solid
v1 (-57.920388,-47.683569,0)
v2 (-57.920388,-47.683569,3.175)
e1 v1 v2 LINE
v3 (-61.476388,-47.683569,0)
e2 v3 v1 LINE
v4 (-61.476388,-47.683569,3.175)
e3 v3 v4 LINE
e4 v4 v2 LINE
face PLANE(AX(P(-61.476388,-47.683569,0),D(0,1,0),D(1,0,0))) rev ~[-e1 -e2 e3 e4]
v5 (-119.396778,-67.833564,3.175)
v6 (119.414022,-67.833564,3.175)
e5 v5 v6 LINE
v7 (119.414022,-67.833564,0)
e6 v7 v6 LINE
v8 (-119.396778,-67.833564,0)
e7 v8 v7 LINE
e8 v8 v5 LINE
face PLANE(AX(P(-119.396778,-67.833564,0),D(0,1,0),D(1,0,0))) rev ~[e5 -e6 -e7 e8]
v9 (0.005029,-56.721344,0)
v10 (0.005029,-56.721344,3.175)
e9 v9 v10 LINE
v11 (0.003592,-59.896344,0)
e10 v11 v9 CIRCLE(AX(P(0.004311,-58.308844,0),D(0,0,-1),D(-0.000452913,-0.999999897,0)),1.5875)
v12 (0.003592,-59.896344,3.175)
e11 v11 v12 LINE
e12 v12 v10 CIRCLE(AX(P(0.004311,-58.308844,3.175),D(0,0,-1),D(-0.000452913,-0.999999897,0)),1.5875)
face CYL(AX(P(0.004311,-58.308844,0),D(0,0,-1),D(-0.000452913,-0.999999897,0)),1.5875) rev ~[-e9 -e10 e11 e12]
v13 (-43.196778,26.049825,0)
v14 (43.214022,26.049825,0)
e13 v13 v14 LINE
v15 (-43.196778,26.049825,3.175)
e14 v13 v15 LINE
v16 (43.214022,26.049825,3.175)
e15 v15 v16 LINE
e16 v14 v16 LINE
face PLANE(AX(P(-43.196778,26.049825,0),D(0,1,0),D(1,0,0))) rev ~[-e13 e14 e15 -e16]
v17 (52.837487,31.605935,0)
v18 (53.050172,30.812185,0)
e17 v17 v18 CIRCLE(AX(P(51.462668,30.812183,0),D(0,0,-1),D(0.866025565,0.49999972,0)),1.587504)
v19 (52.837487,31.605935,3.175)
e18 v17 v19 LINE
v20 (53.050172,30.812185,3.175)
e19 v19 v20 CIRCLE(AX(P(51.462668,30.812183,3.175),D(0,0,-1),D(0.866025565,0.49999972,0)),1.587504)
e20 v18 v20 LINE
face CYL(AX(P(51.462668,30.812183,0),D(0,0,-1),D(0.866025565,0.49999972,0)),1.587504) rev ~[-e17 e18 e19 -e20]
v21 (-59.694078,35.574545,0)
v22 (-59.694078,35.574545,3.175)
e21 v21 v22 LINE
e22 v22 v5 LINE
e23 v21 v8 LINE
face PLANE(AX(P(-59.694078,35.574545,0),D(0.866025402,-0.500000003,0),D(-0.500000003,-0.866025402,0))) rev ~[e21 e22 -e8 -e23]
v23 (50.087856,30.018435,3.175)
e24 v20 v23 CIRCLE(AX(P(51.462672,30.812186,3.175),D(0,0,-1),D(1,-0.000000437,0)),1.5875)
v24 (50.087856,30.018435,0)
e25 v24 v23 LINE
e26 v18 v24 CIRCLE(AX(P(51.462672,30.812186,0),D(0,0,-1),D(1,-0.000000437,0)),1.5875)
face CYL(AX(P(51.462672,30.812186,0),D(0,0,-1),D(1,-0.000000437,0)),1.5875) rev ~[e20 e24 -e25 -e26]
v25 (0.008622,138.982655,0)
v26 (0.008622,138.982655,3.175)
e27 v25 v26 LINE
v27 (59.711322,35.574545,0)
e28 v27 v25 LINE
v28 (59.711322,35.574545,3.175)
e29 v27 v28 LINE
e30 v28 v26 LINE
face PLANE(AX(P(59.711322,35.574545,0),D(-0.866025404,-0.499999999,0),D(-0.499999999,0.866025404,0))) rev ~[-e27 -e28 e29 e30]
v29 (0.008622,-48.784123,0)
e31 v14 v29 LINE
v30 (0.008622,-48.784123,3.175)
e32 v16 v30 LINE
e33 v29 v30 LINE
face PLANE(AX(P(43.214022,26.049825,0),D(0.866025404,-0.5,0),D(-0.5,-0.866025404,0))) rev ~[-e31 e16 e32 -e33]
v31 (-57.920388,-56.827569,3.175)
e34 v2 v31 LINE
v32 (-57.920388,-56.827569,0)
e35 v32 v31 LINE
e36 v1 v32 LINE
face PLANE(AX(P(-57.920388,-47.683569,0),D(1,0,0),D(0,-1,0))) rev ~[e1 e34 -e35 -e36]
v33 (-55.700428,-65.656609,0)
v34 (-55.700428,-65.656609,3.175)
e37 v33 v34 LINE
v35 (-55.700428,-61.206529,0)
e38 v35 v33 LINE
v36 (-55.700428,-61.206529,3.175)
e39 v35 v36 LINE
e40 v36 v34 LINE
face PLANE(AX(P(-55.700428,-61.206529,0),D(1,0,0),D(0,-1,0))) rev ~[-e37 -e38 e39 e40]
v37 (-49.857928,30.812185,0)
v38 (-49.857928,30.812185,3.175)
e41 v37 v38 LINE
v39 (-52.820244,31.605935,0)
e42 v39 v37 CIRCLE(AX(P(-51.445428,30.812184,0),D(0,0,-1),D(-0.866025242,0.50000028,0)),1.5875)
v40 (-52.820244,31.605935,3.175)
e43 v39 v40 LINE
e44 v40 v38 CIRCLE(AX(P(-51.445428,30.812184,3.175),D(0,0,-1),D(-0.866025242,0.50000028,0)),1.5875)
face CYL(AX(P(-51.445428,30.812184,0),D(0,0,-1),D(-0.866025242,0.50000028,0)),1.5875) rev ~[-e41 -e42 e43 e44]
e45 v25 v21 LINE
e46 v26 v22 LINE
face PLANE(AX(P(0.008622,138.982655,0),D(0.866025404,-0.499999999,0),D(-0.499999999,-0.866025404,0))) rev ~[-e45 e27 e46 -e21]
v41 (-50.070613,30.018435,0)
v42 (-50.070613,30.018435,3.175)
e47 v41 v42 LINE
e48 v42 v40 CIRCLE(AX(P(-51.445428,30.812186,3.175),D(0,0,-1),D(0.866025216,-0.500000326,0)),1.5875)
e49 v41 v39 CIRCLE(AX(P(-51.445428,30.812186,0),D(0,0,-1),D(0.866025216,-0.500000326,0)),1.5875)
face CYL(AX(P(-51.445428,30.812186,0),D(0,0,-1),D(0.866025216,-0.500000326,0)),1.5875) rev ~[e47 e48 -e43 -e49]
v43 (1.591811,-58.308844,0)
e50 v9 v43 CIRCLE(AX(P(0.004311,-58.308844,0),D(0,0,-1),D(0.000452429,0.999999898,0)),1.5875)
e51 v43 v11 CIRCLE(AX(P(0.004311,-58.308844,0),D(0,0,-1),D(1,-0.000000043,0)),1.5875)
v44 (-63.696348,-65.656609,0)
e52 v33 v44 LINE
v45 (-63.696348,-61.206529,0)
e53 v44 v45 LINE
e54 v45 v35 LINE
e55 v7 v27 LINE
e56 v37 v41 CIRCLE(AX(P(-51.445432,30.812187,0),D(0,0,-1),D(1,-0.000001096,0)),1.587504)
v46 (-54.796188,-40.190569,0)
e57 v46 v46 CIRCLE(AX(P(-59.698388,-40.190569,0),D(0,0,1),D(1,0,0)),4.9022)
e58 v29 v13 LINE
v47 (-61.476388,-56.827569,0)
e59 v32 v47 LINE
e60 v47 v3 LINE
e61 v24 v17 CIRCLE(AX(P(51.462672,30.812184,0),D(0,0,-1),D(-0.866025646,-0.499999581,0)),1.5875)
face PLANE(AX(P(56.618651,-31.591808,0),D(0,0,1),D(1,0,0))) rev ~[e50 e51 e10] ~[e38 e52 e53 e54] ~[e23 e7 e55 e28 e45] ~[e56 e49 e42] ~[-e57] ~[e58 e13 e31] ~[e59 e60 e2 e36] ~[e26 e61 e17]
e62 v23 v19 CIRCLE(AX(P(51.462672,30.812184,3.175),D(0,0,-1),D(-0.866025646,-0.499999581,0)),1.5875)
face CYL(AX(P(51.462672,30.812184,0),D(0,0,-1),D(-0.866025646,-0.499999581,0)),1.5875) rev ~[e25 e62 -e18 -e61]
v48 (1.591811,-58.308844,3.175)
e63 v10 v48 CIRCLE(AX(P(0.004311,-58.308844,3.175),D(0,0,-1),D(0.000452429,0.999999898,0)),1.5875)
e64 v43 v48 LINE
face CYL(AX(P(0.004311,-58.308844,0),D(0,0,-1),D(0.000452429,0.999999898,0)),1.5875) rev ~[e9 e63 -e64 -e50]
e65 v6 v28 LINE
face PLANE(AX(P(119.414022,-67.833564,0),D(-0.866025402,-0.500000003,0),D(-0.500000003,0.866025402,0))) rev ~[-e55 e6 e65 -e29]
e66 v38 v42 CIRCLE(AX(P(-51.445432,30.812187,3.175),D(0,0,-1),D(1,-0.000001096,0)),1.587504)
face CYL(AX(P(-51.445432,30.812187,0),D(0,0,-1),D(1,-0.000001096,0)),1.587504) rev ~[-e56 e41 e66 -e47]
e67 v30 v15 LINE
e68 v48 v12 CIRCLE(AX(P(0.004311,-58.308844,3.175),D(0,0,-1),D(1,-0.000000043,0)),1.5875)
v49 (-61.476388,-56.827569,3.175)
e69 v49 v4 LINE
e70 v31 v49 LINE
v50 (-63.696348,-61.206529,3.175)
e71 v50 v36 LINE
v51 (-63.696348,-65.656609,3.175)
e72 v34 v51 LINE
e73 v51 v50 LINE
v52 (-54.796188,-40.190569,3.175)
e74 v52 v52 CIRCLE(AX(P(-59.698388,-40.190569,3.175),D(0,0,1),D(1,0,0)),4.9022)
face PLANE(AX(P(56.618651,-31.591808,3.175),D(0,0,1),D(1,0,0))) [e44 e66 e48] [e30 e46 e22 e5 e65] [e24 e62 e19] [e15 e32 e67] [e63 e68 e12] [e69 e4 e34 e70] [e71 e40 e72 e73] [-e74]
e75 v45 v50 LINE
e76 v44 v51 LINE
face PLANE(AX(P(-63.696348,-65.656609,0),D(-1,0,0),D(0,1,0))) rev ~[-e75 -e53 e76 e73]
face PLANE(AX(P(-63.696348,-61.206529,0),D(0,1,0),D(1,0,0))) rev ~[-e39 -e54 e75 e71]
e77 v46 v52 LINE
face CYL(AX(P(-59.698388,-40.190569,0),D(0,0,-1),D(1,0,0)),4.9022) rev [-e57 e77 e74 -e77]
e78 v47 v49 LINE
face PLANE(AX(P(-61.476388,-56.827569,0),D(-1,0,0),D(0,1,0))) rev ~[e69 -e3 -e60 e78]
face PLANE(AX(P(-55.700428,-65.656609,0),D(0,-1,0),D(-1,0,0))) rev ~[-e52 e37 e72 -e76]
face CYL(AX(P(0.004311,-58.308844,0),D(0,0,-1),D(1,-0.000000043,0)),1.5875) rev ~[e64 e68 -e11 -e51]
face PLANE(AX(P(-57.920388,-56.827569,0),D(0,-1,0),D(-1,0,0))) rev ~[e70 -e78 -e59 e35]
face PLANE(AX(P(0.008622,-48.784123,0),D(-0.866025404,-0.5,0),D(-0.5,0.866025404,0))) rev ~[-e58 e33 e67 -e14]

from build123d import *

# Parameters (mm, degrees)
F0_R     = 4.9022
F1_DEPTH = 3.175


with BuildPart() as f1:
    # F0 (on Top) → F1 (new body)
    with BuildSketch(Plane.XY):
        with BuildLine():
            Line((43.214022, 26.049825), (0.008622, -48.784123))
            Line((0.008622, -48.784123), (0.005029, -56.721344))
            ThreePointArc((0.005029, -56.721344), (1.127097, -57.186566), (1.591811, -58.308844))
            ThreePointArc((1.591811, -58.308844), (1.126589, -59.43163), (0.003592, -59.896344))
            Line((0.003592, -59.896344), (0, -67.833564))
            Line((0, -67.833564), (119.414022, -67.833564))
            Line((119.414022, -67.833564), (59.711322, 35.574545))
            Line((59.711322, 35.574545), (52.837487, 31.605935))
            ThreePointArc((52.837487, 31.605935), (52.996079, 31.22306), (53.050172, 30.812185))
            ThreePointArc((53.050172, 30.812185), (51.873547, 29.278778), (50.087856, 30.018435))
            Line((50.087856, 30.018435), (43.214022, 26.049825))
        make_face()
        with BuildLine():
            Line((-50.070613, 30.018435), (-43.196778, 26.049825))
            Line((-43.196778, 26.049825), (43.214022, 26.049825))
            Line((43.214022, 26.049825), (50.087856, 30.018435))
            ThreePointArc((50.087856, 30.018435), (50.668922, 32.187), (52.837487, 31.605935))
            Line((52.837487, 31.605935), (59.711322, 35.574545))
            Line((59.711322, 35.574545), (0.008622, 138.982655))
            Line((0.008622, 138.982655), (-59.694078, 35.574545))
            Line((-59.694078, 35.574545), (-52.820244, 31.605935))
            ThreePointArc((-52.820244, 31.605935), (-51.034553, 32.345592), (-49.857928, 30.812185))
            ThreePointArc((-49.857928, 30.812185), (-49.912021, 30.40131), (-50.070613, 30.018435))
        make_face()
        with BuildLine():
            Line((0.008622, -48.784123), (-43.196778, 26.049825))
            Line((-43.196778, 26.049825), (-50.070613, 30.018435))
            ThreePointArc((-50.070613, 30.018435), (-52.239178, 29.43737), (-52.820244, 31.605935))
            Line((-52.820244, 31.605935), (-59.694078, 35.574545))
            Line((-59.694078, 35.574545), (-119.396778, -67.833564))
            Line((-119.396778, -67.833564), (0, -67.833564))
            Line((0, -67.833564), (0.003592, -59.896344))
            ThreePointArc((0.003592, -59.896344), (-1.583189, -58.308125), (0.005029, -56.721344))
            Line((0.005029, -56.721344), (0.008622, -48.784123))
        make_face()
        Polygon((-63.696348, -65.656609), (-63.696348, -63.431569), (-63.696348, -61.206529), (-55.700428, -61.206529), (-55.700428, -63.431569), (-55.700428, -65.656609), align=None, mode=Mode.SUBTRACT)
        Polygon((-61.476388, -56.827569), (-61.476388, -52.255569), (-61.476388, -47.683569), (-57.920388, -47.683569), (-57.920388, -52.255569), (-57.920388, -56.827569), align=None, mode=Mode.SUBTRACT)
        with Locations((-59.698388, -40.190569)):
            Circle(F0_R, mode=Mode.SUBTRACT)
    extrude(amount=F1_DEPTH)


solid = f1.part
